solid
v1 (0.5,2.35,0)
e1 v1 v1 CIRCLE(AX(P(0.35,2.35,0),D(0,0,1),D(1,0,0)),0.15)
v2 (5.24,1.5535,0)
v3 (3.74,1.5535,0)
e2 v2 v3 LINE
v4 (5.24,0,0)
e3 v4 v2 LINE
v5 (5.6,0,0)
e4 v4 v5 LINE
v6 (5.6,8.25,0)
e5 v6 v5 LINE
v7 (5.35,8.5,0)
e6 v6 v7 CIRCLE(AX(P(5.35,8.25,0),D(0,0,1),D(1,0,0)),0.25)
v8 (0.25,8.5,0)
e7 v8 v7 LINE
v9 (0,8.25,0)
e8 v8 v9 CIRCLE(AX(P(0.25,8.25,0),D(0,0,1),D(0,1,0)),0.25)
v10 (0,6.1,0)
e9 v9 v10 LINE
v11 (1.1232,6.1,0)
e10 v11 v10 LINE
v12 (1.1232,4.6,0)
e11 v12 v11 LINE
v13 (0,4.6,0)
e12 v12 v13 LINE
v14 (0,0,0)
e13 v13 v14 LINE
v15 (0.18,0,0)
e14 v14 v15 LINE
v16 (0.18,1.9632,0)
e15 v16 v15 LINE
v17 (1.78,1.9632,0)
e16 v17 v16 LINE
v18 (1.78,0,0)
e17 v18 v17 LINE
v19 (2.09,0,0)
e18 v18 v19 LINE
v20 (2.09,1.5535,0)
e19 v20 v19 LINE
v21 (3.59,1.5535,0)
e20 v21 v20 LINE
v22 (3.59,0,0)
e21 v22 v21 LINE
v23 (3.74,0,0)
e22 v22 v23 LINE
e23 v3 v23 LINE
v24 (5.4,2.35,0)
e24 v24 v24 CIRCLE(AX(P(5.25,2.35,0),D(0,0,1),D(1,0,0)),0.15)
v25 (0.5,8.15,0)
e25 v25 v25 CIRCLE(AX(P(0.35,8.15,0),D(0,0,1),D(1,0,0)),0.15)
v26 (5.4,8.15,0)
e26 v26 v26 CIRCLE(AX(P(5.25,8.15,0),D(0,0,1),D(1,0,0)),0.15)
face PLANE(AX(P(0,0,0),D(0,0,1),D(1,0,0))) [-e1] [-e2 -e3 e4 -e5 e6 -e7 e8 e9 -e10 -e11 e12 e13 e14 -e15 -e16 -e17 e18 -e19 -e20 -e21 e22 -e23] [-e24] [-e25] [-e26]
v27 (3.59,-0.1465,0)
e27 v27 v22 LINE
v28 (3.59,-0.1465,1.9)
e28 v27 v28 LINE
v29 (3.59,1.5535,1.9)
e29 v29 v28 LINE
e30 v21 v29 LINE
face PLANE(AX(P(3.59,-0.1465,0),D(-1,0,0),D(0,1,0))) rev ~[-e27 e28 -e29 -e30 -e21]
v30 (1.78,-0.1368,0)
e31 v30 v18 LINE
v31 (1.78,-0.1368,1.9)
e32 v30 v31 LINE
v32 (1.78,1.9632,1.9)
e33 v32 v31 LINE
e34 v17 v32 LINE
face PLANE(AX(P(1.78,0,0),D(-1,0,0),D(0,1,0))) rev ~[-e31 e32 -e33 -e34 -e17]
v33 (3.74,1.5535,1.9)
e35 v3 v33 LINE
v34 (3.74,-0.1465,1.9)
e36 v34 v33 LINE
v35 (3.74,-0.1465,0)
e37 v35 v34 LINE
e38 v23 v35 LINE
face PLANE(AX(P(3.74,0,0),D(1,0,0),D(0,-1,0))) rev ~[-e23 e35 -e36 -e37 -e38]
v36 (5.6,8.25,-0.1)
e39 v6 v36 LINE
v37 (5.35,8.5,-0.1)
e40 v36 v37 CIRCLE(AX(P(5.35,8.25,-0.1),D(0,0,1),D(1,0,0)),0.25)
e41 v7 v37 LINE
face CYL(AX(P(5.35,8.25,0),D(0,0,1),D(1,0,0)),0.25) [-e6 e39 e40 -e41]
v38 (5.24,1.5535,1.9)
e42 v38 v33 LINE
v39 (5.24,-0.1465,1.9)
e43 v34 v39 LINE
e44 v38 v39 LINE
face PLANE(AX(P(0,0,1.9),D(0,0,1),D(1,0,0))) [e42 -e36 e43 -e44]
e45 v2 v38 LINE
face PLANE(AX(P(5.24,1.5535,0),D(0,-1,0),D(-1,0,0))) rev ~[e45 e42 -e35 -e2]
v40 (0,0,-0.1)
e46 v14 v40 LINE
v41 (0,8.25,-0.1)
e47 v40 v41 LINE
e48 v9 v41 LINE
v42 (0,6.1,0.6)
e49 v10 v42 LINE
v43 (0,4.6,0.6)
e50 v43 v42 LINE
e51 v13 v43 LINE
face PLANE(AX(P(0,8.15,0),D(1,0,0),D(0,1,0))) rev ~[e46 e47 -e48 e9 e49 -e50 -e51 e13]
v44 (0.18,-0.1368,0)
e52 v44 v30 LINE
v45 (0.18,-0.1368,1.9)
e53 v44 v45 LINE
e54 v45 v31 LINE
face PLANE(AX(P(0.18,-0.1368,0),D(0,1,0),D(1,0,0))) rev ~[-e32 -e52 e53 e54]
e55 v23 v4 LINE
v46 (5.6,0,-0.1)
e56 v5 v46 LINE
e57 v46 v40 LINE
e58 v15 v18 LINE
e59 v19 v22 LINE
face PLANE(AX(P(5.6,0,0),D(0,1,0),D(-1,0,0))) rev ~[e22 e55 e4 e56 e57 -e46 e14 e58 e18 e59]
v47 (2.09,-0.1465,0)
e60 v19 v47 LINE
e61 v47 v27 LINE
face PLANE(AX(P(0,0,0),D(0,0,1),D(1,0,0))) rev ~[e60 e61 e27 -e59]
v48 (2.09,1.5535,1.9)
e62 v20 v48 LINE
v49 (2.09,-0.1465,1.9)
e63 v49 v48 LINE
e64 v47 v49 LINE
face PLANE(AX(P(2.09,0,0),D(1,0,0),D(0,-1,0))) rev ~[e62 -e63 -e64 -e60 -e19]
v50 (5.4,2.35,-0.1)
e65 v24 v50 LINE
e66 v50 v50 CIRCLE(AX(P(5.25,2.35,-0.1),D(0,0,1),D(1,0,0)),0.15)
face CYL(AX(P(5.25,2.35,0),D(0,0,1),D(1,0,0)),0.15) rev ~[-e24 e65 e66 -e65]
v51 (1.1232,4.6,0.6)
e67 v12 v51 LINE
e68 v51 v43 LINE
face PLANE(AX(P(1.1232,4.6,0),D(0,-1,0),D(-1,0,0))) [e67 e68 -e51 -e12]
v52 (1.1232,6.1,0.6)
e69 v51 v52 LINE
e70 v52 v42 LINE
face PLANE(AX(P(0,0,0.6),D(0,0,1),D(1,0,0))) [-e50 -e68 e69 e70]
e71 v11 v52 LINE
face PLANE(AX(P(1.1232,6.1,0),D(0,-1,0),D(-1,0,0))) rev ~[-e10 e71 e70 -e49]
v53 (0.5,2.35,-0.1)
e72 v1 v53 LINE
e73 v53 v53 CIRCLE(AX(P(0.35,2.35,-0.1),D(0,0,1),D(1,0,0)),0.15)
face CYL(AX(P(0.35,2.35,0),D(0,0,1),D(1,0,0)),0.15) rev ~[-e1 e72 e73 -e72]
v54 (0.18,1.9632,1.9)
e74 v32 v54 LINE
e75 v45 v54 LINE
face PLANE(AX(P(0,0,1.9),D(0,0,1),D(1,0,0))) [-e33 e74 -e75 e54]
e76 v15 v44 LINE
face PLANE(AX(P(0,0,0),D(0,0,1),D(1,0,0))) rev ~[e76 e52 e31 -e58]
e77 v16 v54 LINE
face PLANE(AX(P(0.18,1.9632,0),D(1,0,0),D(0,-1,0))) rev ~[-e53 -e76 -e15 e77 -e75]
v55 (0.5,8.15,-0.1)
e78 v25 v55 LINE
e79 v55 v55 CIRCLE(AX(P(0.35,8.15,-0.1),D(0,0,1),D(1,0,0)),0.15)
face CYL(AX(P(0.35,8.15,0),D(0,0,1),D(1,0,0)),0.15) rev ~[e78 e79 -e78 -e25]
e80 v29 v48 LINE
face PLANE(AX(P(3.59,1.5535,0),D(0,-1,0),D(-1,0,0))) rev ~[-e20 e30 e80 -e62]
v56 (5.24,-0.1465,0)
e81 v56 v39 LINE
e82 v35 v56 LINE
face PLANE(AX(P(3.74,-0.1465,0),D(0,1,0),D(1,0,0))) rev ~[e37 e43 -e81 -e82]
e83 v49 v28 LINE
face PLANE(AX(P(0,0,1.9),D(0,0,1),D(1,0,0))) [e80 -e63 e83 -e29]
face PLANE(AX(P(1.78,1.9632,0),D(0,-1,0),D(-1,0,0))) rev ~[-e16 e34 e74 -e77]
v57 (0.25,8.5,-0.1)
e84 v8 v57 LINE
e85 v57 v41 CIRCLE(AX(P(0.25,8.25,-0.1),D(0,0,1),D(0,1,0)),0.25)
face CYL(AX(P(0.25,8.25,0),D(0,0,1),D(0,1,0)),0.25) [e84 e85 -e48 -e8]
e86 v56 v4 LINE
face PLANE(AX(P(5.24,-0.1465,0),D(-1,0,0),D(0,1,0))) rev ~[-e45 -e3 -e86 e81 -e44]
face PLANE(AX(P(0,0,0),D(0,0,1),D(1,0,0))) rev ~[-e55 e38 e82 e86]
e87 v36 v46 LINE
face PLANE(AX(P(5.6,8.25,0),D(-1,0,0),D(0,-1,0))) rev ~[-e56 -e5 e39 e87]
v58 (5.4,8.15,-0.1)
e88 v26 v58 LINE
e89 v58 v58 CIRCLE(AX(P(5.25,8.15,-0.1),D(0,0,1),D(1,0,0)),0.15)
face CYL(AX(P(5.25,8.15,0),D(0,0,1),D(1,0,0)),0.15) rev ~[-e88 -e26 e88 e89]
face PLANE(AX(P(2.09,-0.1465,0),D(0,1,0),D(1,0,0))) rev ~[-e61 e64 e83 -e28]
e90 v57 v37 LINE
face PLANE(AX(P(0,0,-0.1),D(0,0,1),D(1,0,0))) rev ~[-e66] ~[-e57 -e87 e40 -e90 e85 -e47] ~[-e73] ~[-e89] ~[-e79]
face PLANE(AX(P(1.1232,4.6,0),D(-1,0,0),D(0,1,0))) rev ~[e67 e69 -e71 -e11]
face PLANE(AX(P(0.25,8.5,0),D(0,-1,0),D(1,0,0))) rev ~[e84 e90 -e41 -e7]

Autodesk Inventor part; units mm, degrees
ref_plane "YZ Plane" through (0, 0, 0) normal (1, 0, 0) x (0, 1, 0)
ref_plane "XZ Plane" through (0, 0, 0) normal (0, 1, 0) x (-1, 0, 0)
ref_plane "XY Plane" through (0, 0, 0) normal (0, 0, 1) x (1, 0, 0)
sketch "Boceto1" plane through (0, 0, 0) normal (0, 0, 1) x (1, 0, 0)
  line L0 (0.25, 8.5) -> (5.35, 8.5)
  line L1 (5.6, 8.25) -> (5.6, 0)
  line L2 (0, 0) -> (0, 8.25)
  line L3 (5.6, 0) -> (5.4774, 0)
  line L4 (0.18, -0.1368) -> (1.78, -0.1368)
  line L5 (2.09, -0.1465) -> (3.59, -0.1465)
  line L6 (3.74, -0.1465) -> (5.24, -0.1465)
  line L7 (0.18, 0) -> (0, 0)
  line L8 (2.09, 0) -> (1.78, 0)
  line L9 (3.59, 0) -> (3.74, 0)
  line L10 (5.24, 0) -> (5.6, 0)
  line L11 (1.1232, 4.6) -> (1.1232, 6.1)
  line L12 (1.1232, 6.1) -> (0, 6.1)
  line L13 (1.1232, 4.6) -> (0, 4.6)
  line L14 (0, 8.25) -> (0, 8.15)
  circle A0 centre (0.35, 8.15) radius 0.15
  circle A1 centre (5.25, 8.15) radius 0.15
  circle A2 centre (0.35, 2.35) radius 0.15
  circle A3 centre (5.25, 2.35) radius 0.15
  arc A4 (0.25, 8.5) -> (0, 8.25) centre (0.25, 8.25) ccw
  arc A5 (5.6, 8.25) -> (5.35, 8.5) centre (5.35, 8.25) ccw
  line L15 (0, 0) -> (5.6, 0)
extrude "Extrusión1" add sketch "Boceto1" against normal blind 0.1
sketch "Boceto2" plane through (0, 0, 0) normal (0, 0, 1) x (1, 0, 0)
  line L0 (0.25, 8.5) -> (5.35, 8.5)
  line L1 (5.6, 8.25) -> (5.6, 0)
  line L2 (0, 0) -> (0, 8.25)
  line L3 (5.6, 0) -> (5.4774, 0)
  line L4 (0.18, -0.1368) -> (1.78, -0.1368)
  line L5 (1.78, -0.1368) -> (1.78, 1.9632)
  line L6 (1.78, 1.9632) -> (0.18, 1.9632)
  line L7 (0.18, 1.9632) -> (0.18, -0.1368)
  line L8 (2.09, -0.1465) -> (3.59, -0.1465)
  line L9 (3.59, -0.1465) -> (3.59, 1.5535)
  line L10 (3.59, 1.5535) -> (2.09, 1.5535)
  line L11 (2.09, 1.5535) -> (2.09, -0.1465)
  line L12 (3.74, -0.1465) -> (5.24, -0.1465)
  line L13 (5.24, -0.1465) -> (5.24, 1.5535)
  line L14 (5.24, 1.5535) -> (3.74, 1.5535)
  line L15 (3.74, 1.5535) -> (3.74, -0.1465)
  line L16 (0.18, 0) -> (0, 0)
  line L17 (2.09, 0) -> (1.78, 0)
  line L18 (3.59, 0) -> (3.74, 0)
  line L19 (5.24, 0) -> (5.6, 0)
  line L20 (1.1232, 4.6) -> (1.1232, 6.1)
  line L21 (1.1232, 6.1) -> (0, 6.1)
  line L22 (1.1232, 4.6) -> (0, 4.6)
  line L23 (0, 8.25) -> (0, 8.15)
  circle A0 centre (0.35, 8.15) radius 0.15
  circle A1 centre (5.25, 8.15) radius 0.15
  circle A2 centre (0.35, 2.35) radius 0.15
  circle A3 centre (5.25, 2.35) radius 0.15
  arc A4 (0.25, 8.5) -> (0, 8.25) centre (0.25, 8.25) ccw
  arc A5 (5.6, 8.25) -> (5.35, 8.5) centre (5.35, 8.25) ccw
extrude "Extrusión2" add sketch "Boceto2" along normal blind 1.9 contours L13 L12 L15 L14 | L7 L6 L5 L4 | L9 L8 L11 L10
sketch "Boceto3" plane through (0, 0, 0) normal (0, 0, 1) x (1, 0, 0)
  line L0 (0.25, 8.5) -> (5.35, 8.5)
  line L1 (5.6, 8.25) -> (5.6, 0)
  line L2 (0, 0) -> (0, 8.25)
  line L3 (5.6, 0) -> (5.4774, 0)
  line L4 (0.18, -0.1368) -> (1.78, -0.1368)
  line L5 (1.78, -0.1368) -> (1.78, 1.9632)
  line L6 (1.78, 1.9632) -> (0.18, 1.9632)
  line L7 (0.18, 1.9632) -> (0.18, -0.1368)
  line L8 (2.09, -0.1465) -> (3.59, -0.1465)
  line L9 (3.59, -0.1465) -> (3.59, 1.5535)
  line L10 (3.59, 1.5535) -> (2.09, 1.5535)
  line L11 (2.09, 1.5535) -> (2.09, -0.1465)
  line L12 (3.74, -0.1465) -> (5.24, -0.1465)
  line L13 (5.24, -0.1465) -> (5.24, 1.5535)
  line L14 (5.24, 1.5535) -> (3.74, 1.5535)
  line L15 (3.74, 1.5535) -> (3.74, -0.1465)
  line L16 (0.18, 0) -> (0, 0)
  line L17 (2.09, 0) -> (1.78, 0)
  line L18 (3.59, 0) -> (3.74, 0)
  line L19 (5.24, 0) -> (5.6, 0)
  line L20 (1.1232, 4.6) -> (1.1232, 6.1)
  line L21 (1.1232, 6.1) -> (0, 6.1)
  line L22 (1.1232, 4.6) -> (0, 4.6)
  line L23 (0, 8.25) -> (0, 8.15)
  circle A0 centre (0.35, 8.15) radius 0.15
  circle A1 centre (5.25, 8.15) radius 0.15
  circle A2 centre (0.35, 2.35) radius 0.15
  circle A3 centre (5.25, 2.35) radius 0.15
  arc A4 (0.25, 8.5) -> (0, 8.25) centre (0.25, 8.25) ccw
  arc A5 (5.6, 8.25) -> (5.35, 8.5) centre (5.35, 8.25) ccw
  point P0 (0, 0)
extrude "Extrusión3" add sketch "Boceto3" along normal blind 0.6 contours L21 L20 L22 L2
properties part number "learnbotOdroid"
